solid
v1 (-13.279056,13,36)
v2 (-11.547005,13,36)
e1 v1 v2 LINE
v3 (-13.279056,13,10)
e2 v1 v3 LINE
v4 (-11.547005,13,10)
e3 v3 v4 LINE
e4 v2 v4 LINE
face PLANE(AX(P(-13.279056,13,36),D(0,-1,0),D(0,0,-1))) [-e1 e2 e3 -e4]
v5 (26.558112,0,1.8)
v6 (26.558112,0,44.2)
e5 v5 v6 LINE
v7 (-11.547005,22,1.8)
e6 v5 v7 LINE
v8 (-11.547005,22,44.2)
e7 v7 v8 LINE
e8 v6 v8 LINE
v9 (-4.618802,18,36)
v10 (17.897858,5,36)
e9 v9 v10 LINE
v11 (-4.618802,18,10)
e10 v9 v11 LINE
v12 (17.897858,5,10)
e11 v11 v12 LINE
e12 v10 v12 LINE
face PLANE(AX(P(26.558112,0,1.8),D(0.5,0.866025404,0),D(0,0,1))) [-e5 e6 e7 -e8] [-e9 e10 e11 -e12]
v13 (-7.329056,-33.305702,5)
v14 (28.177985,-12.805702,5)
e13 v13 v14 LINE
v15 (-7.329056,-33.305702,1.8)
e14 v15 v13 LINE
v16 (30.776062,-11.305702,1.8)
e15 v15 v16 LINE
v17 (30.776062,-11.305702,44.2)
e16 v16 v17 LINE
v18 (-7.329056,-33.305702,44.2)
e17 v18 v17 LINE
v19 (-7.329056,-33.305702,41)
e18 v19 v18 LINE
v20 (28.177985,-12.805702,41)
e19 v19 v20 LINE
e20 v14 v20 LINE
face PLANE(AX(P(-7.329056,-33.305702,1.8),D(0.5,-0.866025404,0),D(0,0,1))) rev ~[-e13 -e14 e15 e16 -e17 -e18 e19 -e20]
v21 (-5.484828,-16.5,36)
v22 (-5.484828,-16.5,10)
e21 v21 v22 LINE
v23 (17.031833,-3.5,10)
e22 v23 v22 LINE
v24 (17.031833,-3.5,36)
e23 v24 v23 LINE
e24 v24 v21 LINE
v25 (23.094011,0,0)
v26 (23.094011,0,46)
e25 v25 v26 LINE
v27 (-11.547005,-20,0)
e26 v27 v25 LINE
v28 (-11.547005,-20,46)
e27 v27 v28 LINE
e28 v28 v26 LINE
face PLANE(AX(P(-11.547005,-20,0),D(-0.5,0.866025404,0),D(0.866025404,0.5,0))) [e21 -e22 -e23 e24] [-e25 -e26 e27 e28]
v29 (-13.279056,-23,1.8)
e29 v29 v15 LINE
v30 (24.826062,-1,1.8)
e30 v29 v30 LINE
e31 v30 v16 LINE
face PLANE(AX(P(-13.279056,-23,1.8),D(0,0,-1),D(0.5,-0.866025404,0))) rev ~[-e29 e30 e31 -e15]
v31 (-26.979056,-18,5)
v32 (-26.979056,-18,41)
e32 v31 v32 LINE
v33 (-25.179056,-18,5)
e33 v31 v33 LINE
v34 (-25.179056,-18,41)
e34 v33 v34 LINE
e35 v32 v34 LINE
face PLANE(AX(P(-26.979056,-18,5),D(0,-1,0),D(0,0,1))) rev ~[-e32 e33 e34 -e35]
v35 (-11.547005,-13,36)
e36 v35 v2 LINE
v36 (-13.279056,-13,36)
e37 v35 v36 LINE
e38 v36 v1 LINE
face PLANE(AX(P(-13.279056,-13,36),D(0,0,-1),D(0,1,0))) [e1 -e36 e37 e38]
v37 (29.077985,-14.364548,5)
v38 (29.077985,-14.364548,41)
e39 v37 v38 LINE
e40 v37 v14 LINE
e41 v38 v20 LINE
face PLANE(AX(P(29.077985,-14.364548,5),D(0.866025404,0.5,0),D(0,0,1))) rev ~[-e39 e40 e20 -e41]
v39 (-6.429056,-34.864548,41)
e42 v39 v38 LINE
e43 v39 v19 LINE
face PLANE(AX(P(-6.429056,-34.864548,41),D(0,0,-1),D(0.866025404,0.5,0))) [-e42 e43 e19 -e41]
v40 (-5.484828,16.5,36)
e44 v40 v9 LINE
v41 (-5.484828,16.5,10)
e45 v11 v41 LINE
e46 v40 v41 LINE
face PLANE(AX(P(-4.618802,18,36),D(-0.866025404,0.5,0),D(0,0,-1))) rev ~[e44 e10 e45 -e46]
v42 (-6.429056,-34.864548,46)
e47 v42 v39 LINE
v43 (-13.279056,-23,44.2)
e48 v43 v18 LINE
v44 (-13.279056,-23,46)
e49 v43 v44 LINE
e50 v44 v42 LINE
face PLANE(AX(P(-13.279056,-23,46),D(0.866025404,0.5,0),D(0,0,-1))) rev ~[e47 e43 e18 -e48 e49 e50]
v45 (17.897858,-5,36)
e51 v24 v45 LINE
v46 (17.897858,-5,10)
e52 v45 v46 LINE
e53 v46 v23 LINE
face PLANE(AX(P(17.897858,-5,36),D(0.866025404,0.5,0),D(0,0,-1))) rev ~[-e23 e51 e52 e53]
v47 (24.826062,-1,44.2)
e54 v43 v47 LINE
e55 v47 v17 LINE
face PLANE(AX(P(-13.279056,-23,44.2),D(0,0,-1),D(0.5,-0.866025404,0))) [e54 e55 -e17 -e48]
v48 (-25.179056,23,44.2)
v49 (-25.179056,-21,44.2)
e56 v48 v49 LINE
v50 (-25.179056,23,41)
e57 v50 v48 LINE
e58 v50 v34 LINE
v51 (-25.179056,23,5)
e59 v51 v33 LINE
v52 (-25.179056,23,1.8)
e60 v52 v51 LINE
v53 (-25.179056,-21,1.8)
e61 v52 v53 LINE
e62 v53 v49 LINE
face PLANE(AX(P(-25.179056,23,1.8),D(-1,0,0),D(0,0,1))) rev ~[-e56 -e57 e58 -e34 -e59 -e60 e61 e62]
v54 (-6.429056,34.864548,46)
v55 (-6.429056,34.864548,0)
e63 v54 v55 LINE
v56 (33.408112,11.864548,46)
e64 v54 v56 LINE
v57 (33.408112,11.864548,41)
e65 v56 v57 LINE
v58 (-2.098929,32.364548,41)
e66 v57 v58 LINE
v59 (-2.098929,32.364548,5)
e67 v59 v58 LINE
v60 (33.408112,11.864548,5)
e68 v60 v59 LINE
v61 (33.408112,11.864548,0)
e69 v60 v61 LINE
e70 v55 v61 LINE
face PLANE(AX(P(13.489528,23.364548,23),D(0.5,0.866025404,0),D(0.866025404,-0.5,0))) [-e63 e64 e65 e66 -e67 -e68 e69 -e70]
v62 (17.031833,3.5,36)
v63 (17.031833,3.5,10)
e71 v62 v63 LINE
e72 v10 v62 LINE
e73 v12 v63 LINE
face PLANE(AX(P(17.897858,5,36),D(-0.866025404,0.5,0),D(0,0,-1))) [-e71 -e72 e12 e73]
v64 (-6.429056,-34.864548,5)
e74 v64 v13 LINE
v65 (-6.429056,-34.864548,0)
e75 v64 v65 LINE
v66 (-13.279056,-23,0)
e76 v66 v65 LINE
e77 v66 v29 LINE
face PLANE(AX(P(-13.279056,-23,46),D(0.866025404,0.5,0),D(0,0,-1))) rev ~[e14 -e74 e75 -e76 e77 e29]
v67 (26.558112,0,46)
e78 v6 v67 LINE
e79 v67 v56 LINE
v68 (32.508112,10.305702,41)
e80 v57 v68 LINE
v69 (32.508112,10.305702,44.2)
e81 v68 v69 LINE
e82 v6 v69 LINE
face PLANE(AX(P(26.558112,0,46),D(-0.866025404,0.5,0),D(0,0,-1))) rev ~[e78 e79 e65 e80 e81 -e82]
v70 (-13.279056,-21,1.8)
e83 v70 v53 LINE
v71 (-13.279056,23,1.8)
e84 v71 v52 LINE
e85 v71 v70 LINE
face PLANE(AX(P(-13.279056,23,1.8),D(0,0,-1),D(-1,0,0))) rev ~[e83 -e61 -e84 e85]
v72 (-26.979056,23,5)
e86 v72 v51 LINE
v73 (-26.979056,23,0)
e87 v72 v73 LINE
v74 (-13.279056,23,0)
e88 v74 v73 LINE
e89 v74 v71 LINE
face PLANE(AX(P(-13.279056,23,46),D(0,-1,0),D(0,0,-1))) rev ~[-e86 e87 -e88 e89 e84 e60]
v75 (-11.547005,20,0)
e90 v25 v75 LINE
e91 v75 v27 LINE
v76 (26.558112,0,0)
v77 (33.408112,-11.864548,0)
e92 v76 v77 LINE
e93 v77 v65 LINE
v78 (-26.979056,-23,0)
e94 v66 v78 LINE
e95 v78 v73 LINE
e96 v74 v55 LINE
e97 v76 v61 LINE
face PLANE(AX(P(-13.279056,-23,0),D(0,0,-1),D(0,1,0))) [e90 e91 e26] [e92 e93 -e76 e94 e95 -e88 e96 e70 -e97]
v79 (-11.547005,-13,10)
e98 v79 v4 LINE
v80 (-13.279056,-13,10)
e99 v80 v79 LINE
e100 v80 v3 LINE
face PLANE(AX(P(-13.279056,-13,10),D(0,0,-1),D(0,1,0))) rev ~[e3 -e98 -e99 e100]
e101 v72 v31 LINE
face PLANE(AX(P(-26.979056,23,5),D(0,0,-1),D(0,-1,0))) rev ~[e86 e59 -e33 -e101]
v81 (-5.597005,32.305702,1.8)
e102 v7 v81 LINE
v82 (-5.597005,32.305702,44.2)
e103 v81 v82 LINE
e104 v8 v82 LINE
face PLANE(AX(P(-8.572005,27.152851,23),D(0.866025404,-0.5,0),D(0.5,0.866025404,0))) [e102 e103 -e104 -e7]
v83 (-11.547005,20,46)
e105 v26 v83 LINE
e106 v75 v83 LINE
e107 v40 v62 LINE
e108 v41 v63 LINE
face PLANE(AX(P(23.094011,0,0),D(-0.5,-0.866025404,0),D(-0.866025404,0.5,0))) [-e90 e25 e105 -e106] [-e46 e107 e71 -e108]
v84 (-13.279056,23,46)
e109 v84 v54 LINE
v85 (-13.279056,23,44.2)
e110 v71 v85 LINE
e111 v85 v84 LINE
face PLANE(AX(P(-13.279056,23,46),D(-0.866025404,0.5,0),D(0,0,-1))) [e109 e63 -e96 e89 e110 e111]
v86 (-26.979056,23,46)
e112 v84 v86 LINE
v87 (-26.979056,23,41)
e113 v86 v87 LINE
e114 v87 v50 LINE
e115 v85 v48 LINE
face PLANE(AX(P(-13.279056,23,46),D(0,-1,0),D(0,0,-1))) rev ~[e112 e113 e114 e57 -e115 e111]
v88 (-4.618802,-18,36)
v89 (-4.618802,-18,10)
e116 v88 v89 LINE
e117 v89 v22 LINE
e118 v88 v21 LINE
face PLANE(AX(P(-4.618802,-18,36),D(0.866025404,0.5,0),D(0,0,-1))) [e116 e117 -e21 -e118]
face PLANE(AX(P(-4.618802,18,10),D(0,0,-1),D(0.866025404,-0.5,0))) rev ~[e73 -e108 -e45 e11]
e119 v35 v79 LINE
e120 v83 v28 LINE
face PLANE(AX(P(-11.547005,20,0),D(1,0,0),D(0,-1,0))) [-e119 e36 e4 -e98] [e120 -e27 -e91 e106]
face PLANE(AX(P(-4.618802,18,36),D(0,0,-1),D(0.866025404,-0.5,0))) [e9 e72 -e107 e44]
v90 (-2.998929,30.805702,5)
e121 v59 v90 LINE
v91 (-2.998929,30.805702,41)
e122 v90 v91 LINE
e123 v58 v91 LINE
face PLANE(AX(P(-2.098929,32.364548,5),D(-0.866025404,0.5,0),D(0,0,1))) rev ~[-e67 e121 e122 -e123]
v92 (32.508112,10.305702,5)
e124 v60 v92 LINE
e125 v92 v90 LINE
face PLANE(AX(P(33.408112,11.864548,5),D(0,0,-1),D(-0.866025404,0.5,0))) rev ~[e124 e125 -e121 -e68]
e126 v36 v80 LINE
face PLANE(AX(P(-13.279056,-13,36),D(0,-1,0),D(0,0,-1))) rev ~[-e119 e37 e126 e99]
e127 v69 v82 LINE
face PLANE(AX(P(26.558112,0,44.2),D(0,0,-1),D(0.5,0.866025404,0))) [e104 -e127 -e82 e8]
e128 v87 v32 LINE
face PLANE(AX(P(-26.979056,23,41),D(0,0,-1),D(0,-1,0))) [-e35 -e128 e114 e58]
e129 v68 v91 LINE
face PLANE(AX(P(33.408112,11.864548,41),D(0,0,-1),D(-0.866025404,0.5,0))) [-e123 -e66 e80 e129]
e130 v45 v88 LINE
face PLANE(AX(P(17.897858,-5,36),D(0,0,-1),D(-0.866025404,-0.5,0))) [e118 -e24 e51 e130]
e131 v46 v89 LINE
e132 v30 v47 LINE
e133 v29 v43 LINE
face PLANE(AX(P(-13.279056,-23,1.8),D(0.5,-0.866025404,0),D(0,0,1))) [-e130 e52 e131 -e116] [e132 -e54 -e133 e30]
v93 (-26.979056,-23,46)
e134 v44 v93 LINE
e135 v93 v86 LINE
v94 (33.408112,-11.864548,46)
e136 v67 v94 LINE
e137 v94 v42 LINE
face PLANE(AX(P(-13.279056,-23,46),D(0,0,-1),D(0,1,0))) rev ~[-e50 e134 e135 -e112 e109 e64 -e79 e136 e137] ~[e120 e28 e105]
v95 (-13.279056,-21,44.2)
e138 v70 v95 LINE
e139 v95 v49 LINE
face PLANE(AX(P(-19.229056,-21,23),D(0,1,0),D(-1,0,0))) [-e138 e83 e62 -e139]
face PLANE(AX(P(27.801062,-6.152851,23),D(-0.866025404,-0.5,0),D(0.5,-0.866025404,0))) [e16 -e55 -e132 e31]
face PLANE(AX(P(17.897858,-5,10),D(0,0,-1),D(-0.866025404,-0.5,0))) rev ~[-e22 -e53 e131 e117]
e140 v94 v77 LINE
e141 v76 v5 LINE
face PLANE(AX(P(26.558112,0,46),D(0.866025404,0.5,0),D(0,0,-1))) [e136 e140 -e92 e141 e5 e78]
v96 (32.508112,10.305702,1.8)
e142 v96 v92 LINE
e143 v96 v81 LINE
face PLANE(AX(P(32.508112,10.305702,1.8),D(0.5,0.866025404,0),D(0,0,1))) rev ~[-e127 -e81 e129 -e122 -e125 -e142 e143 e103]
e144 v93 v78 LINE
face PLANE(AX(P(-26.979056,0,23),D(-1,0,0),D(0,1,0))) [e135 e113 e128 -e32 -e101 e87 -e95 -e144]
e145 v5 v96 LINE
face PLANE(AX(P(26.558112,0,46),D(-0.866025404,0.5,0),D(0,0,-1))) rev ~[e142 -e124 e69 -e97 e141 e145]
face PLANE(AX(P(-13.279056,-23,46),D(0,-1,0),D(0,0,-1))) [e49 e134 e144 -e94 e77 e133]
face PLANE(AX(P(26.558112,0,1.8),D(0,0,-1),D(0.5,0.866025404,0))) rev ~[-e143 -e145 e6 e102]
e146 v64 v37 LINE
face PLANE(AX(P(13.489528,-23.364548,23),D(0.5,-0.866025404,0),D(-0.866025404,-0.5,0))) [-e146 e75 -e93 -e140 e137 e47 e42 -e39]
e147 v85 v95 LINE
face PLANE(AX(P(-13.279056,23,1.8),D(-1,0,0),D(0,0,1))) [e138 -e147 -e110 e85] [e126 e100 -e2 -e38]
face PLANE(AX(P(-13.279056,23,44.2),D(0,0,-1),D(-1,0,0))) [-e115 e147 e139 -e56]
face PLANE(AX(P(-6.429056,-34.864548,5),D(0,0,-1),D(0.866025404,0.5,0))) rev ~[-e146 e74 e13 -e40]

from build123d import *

# Parameters (mm, degrees)
PAD_DEPTH           = 46
SKETCH001_W         = 26
SKETCH001_H         = 26
POCKET_DEPTH        = 5
SKETCH002_W         = 26
SKETCH002_H         = 26
POCKET001_DEPTH     = 5
SKETCH003_W         = 26
SKETCH003_H         = 26
POCKET002_DEPTH     = 5
POCKET002_FACE2_W   = 46
POCKET002_FACE2_H   = 46
POCKET002_FACE2_W_2 = 26
POCKET002_FACE2_H_2 = 26
PAD001_DEPTH        = 13.7
PAD001_FACE1_W      = 46
PAD001_FACE1_H      = 46
PAD001_FACE1_W_2    = 26
PAD001_FACE1_H_2    = 26
PAD002_DEPTH        = 13.7
PAD002_FACE16_W     = 46
PAD002_FACE16_H     = 46
PAD002_FACE16_W_2   = 26
PAD002_FACE16_H_2   = 26
PAD003_DEPTH        = 13.7
SKETCH004_W         = 11.9
SKETCH004_H         = 42.4
POCKET003_DEPTH     = 44
SKETCH005_W         = 41
SKETCH005_H         = 36
POCKET004_DEPTH     = 5
SKETCH006_W         = 11.9
SKETCH006_H         = 42.4
POCKET005_DEPTH     = 44
SKETCH007_W         = 41
SKETCH007_H         = 36
POCKET006_DEPTH     = 5
SKETCH008_W         = 11.9
SKETCH008_H         = 42.4
POCKET007_DEPTH     = 44
SKETCH009_W         = 41
SKETCH009_H         = 36
POCKET008_DEPTH     = 5


with BuildPart() as part:
    # Sketch → Pad (new body)
    with BuildSketch(Plane.XY):
        Polygon((26.5581123827, 0), (-13.2790561914, 23), (-13.2790561914, -23), align=None)
        Polygon((23.0940107676, 0), (-11.5470053838, 20), (-11.5470053838, -20), align=None, mode=Mode.SUBTRACT)
    extrude(amount=PAD_DEPTH)

    # Sketch001 (on Face3 of Pad) → Pocket (cut)
    with BuildSketch(Plane(origin=(6.6395280957, -11.5, 0), x_dir=(0.8660254038, 0.5, 0), z_dir=(0.5, -0.8660254038, 0))):
        with Locations((0, 23)):
            Rectangle(SKETCH001_W, SKETCH001_H)
    extrude(amount=-POCKET_DEPTH, mode=Mode.SUBTRACT)

    # Sketch002 (on Face1 of Pocket) → Pocket001 (cut)
    with BuildSketch(Plane(origin=(6.6395280957, 11.5, 0), x_dir=(-0.8660254038, 0.5, 0), z_dir=(0.5, 0.8660254038, 0))):
        with Locations((0, 23)):
            Rectangle(SKETCH002_W, SKETCH002_H)
    extrude(amount=-POCKET001_DEPTH, mode=Mode.SUBTRACT)

    # Sketch003 (on Face5 of Pocket001) → Pocket002 (cut)
    with BuildSketch(Plane(origin=(-13.2790561914, 0, 0), x_dir=(0, -1, 0), z_dir=(-1, 0, 0))):
        with Locations((0, 23)):
            Rectangle(SKETCH003_W, SKETCH003_H)
    extrude(amount=-POCKET002_DEPTH, mode=Mode.SUBTRACT)

    # Pocket002 Face2 → Pad001 (add)
    with BuildSketch(Plane(origin=(6.6395280957, -11.5, 23), x_dir=(-0.8660254038, -0.5, 0), z_dir=(0.5, -0.8660254038, 0))):
        Rectangle(POCKET002_FACE2_W, POCKET002_FACE2_H)
        Rectangle(POCKET002_FACE2_W_2, POCKET002_FACE2_H_2, mode=Mode.SUBTRACT)
    extrude(amount=PAD001_DEPTH)

    # Pad001 Face1 → Pad002 (add)
    with BuildSketch(Plane(origin=(6.6395280957, 11.5, 23), x_dir=(0.8660254038, -0.5, 0), z_dir=(0.5, 0.8660254038, 0))):
        Rectangle(PAD001_FACE1_W, PAD001_FACE1_H)
        Rectangle(PAD001_FACE1_W_2, PAD001_FACE1_H_2, mode=Mode.SUBTRACT)
    extrude(amount=PAD002_DEPTH)

    # Pad002 Face16 → Pad003 (add)
    with BuildSketch(Plane(origin=(-13.2790561914, 0, 23), x_dir=(0, 1, 0), z_dir=(-1, 0, 0))):
        Rectangle(PAD002_FACE16_W, PAD002_FACE16_H)
        Rectangle(PAD002_FACE16_W_2, PAD002_FACE16_H_2, mode=Mode.SUBTRACT)
    extrude(amount=PAD003_DEPTH)

    # Sketch004 (on Face4 of Pad003) → Pocket003 (cut)
    with BuildSketch(Plane(origin=(19.918584287, -11.5, 0), x_dir=(0.5, 0.8660254038, 0), z_dir=(0.8660254038, -0.5, 0))):
        with Locations((19.2290561914, 23)):
            Rectangle(SKETCH004_W, SKETCH004_H)
    extrude(amount=-POCKET003_DEPTH, mode=Mode.SUBTRACT)

    # Sketch005 (on Face14 of Pocket003) → Pocket004 (cut)
    with BuildSketch(Plane(origin=(13.4895280957, 23.3645480318, 0), x_dir=(-0.8660254038, 0.5, 0), z_dir=(0.5, 0.8660254038, 0))):
        with Locations((-2.5, 23)):
            Rectangle(SKETCH005_W, SKETCH005_H)
    extrude(amount=-POCKET004_DEPTH, mode=Mode.SUBTRACT)

    # Sketch006 (on Face41 of Pocket004) → Pocket005 (cut)
    with BuildSketch(Plane(origin=(0, 23, 0), x_dir=(-1, 0, 0), z_dir=(0, 1, 0))):
        with Locations((19.2290561914, 23)):
            Rectangle(SKETCH006_W, SKETCH006_H)
    extrude(amount=-POCKET005_DEPTH, mode=Mode.SUBTRACT)

    # Sketch007 (on Face40 of Pocket005) → Pocket006 (cut)
    with BuildSketch(Plane(origin=(-26.9790561914, 0, 0), x_dir=(0, -1, 0), z_dir=(-1, 0, 0))):
        with Locations((-2.5, 23)):
            Rectangle(SKETCH007_W, SKETCH007_H)
    extrude(amount=-POCKET006_DEPTH, mode=Mode.SUBTRACT)

    # Sketch008 (on Face8 of Pocket006) → Pocket007 (cut)
    with BuildSketch(Plane(origin=(-19.918584287, -11.5, 0), x_dir=(0.5, -0.8660254038, 0), z_dir=(-0.8660254038, -0.5, 0))):
        with Locations((19.2290561914, 23)):
            Rectangle(SKETCH008_W, SKETCH008_H)
    extrude(amount=-POCKET007_DEPTH, mode=Mode.SUBTRACT)

    # Sketch009 (on Face7 of Pocket007) → Pocket008 (cut)
    with BuildSketch(Plane(origin=(13.4895280957, -23.3645480318, 0), x_dir=(0.8660254038, 0.5, 0), z_dir=(0.5, -0.8660254038, 0))):
        with Locations((-2.5, 23)):
            Rectangle(SKETCH009_W, SKETCH009_H)
    extrude(amount=-POCKET008_DEPTH, mode=Mode.SUBTRACT)


solid = part.part
